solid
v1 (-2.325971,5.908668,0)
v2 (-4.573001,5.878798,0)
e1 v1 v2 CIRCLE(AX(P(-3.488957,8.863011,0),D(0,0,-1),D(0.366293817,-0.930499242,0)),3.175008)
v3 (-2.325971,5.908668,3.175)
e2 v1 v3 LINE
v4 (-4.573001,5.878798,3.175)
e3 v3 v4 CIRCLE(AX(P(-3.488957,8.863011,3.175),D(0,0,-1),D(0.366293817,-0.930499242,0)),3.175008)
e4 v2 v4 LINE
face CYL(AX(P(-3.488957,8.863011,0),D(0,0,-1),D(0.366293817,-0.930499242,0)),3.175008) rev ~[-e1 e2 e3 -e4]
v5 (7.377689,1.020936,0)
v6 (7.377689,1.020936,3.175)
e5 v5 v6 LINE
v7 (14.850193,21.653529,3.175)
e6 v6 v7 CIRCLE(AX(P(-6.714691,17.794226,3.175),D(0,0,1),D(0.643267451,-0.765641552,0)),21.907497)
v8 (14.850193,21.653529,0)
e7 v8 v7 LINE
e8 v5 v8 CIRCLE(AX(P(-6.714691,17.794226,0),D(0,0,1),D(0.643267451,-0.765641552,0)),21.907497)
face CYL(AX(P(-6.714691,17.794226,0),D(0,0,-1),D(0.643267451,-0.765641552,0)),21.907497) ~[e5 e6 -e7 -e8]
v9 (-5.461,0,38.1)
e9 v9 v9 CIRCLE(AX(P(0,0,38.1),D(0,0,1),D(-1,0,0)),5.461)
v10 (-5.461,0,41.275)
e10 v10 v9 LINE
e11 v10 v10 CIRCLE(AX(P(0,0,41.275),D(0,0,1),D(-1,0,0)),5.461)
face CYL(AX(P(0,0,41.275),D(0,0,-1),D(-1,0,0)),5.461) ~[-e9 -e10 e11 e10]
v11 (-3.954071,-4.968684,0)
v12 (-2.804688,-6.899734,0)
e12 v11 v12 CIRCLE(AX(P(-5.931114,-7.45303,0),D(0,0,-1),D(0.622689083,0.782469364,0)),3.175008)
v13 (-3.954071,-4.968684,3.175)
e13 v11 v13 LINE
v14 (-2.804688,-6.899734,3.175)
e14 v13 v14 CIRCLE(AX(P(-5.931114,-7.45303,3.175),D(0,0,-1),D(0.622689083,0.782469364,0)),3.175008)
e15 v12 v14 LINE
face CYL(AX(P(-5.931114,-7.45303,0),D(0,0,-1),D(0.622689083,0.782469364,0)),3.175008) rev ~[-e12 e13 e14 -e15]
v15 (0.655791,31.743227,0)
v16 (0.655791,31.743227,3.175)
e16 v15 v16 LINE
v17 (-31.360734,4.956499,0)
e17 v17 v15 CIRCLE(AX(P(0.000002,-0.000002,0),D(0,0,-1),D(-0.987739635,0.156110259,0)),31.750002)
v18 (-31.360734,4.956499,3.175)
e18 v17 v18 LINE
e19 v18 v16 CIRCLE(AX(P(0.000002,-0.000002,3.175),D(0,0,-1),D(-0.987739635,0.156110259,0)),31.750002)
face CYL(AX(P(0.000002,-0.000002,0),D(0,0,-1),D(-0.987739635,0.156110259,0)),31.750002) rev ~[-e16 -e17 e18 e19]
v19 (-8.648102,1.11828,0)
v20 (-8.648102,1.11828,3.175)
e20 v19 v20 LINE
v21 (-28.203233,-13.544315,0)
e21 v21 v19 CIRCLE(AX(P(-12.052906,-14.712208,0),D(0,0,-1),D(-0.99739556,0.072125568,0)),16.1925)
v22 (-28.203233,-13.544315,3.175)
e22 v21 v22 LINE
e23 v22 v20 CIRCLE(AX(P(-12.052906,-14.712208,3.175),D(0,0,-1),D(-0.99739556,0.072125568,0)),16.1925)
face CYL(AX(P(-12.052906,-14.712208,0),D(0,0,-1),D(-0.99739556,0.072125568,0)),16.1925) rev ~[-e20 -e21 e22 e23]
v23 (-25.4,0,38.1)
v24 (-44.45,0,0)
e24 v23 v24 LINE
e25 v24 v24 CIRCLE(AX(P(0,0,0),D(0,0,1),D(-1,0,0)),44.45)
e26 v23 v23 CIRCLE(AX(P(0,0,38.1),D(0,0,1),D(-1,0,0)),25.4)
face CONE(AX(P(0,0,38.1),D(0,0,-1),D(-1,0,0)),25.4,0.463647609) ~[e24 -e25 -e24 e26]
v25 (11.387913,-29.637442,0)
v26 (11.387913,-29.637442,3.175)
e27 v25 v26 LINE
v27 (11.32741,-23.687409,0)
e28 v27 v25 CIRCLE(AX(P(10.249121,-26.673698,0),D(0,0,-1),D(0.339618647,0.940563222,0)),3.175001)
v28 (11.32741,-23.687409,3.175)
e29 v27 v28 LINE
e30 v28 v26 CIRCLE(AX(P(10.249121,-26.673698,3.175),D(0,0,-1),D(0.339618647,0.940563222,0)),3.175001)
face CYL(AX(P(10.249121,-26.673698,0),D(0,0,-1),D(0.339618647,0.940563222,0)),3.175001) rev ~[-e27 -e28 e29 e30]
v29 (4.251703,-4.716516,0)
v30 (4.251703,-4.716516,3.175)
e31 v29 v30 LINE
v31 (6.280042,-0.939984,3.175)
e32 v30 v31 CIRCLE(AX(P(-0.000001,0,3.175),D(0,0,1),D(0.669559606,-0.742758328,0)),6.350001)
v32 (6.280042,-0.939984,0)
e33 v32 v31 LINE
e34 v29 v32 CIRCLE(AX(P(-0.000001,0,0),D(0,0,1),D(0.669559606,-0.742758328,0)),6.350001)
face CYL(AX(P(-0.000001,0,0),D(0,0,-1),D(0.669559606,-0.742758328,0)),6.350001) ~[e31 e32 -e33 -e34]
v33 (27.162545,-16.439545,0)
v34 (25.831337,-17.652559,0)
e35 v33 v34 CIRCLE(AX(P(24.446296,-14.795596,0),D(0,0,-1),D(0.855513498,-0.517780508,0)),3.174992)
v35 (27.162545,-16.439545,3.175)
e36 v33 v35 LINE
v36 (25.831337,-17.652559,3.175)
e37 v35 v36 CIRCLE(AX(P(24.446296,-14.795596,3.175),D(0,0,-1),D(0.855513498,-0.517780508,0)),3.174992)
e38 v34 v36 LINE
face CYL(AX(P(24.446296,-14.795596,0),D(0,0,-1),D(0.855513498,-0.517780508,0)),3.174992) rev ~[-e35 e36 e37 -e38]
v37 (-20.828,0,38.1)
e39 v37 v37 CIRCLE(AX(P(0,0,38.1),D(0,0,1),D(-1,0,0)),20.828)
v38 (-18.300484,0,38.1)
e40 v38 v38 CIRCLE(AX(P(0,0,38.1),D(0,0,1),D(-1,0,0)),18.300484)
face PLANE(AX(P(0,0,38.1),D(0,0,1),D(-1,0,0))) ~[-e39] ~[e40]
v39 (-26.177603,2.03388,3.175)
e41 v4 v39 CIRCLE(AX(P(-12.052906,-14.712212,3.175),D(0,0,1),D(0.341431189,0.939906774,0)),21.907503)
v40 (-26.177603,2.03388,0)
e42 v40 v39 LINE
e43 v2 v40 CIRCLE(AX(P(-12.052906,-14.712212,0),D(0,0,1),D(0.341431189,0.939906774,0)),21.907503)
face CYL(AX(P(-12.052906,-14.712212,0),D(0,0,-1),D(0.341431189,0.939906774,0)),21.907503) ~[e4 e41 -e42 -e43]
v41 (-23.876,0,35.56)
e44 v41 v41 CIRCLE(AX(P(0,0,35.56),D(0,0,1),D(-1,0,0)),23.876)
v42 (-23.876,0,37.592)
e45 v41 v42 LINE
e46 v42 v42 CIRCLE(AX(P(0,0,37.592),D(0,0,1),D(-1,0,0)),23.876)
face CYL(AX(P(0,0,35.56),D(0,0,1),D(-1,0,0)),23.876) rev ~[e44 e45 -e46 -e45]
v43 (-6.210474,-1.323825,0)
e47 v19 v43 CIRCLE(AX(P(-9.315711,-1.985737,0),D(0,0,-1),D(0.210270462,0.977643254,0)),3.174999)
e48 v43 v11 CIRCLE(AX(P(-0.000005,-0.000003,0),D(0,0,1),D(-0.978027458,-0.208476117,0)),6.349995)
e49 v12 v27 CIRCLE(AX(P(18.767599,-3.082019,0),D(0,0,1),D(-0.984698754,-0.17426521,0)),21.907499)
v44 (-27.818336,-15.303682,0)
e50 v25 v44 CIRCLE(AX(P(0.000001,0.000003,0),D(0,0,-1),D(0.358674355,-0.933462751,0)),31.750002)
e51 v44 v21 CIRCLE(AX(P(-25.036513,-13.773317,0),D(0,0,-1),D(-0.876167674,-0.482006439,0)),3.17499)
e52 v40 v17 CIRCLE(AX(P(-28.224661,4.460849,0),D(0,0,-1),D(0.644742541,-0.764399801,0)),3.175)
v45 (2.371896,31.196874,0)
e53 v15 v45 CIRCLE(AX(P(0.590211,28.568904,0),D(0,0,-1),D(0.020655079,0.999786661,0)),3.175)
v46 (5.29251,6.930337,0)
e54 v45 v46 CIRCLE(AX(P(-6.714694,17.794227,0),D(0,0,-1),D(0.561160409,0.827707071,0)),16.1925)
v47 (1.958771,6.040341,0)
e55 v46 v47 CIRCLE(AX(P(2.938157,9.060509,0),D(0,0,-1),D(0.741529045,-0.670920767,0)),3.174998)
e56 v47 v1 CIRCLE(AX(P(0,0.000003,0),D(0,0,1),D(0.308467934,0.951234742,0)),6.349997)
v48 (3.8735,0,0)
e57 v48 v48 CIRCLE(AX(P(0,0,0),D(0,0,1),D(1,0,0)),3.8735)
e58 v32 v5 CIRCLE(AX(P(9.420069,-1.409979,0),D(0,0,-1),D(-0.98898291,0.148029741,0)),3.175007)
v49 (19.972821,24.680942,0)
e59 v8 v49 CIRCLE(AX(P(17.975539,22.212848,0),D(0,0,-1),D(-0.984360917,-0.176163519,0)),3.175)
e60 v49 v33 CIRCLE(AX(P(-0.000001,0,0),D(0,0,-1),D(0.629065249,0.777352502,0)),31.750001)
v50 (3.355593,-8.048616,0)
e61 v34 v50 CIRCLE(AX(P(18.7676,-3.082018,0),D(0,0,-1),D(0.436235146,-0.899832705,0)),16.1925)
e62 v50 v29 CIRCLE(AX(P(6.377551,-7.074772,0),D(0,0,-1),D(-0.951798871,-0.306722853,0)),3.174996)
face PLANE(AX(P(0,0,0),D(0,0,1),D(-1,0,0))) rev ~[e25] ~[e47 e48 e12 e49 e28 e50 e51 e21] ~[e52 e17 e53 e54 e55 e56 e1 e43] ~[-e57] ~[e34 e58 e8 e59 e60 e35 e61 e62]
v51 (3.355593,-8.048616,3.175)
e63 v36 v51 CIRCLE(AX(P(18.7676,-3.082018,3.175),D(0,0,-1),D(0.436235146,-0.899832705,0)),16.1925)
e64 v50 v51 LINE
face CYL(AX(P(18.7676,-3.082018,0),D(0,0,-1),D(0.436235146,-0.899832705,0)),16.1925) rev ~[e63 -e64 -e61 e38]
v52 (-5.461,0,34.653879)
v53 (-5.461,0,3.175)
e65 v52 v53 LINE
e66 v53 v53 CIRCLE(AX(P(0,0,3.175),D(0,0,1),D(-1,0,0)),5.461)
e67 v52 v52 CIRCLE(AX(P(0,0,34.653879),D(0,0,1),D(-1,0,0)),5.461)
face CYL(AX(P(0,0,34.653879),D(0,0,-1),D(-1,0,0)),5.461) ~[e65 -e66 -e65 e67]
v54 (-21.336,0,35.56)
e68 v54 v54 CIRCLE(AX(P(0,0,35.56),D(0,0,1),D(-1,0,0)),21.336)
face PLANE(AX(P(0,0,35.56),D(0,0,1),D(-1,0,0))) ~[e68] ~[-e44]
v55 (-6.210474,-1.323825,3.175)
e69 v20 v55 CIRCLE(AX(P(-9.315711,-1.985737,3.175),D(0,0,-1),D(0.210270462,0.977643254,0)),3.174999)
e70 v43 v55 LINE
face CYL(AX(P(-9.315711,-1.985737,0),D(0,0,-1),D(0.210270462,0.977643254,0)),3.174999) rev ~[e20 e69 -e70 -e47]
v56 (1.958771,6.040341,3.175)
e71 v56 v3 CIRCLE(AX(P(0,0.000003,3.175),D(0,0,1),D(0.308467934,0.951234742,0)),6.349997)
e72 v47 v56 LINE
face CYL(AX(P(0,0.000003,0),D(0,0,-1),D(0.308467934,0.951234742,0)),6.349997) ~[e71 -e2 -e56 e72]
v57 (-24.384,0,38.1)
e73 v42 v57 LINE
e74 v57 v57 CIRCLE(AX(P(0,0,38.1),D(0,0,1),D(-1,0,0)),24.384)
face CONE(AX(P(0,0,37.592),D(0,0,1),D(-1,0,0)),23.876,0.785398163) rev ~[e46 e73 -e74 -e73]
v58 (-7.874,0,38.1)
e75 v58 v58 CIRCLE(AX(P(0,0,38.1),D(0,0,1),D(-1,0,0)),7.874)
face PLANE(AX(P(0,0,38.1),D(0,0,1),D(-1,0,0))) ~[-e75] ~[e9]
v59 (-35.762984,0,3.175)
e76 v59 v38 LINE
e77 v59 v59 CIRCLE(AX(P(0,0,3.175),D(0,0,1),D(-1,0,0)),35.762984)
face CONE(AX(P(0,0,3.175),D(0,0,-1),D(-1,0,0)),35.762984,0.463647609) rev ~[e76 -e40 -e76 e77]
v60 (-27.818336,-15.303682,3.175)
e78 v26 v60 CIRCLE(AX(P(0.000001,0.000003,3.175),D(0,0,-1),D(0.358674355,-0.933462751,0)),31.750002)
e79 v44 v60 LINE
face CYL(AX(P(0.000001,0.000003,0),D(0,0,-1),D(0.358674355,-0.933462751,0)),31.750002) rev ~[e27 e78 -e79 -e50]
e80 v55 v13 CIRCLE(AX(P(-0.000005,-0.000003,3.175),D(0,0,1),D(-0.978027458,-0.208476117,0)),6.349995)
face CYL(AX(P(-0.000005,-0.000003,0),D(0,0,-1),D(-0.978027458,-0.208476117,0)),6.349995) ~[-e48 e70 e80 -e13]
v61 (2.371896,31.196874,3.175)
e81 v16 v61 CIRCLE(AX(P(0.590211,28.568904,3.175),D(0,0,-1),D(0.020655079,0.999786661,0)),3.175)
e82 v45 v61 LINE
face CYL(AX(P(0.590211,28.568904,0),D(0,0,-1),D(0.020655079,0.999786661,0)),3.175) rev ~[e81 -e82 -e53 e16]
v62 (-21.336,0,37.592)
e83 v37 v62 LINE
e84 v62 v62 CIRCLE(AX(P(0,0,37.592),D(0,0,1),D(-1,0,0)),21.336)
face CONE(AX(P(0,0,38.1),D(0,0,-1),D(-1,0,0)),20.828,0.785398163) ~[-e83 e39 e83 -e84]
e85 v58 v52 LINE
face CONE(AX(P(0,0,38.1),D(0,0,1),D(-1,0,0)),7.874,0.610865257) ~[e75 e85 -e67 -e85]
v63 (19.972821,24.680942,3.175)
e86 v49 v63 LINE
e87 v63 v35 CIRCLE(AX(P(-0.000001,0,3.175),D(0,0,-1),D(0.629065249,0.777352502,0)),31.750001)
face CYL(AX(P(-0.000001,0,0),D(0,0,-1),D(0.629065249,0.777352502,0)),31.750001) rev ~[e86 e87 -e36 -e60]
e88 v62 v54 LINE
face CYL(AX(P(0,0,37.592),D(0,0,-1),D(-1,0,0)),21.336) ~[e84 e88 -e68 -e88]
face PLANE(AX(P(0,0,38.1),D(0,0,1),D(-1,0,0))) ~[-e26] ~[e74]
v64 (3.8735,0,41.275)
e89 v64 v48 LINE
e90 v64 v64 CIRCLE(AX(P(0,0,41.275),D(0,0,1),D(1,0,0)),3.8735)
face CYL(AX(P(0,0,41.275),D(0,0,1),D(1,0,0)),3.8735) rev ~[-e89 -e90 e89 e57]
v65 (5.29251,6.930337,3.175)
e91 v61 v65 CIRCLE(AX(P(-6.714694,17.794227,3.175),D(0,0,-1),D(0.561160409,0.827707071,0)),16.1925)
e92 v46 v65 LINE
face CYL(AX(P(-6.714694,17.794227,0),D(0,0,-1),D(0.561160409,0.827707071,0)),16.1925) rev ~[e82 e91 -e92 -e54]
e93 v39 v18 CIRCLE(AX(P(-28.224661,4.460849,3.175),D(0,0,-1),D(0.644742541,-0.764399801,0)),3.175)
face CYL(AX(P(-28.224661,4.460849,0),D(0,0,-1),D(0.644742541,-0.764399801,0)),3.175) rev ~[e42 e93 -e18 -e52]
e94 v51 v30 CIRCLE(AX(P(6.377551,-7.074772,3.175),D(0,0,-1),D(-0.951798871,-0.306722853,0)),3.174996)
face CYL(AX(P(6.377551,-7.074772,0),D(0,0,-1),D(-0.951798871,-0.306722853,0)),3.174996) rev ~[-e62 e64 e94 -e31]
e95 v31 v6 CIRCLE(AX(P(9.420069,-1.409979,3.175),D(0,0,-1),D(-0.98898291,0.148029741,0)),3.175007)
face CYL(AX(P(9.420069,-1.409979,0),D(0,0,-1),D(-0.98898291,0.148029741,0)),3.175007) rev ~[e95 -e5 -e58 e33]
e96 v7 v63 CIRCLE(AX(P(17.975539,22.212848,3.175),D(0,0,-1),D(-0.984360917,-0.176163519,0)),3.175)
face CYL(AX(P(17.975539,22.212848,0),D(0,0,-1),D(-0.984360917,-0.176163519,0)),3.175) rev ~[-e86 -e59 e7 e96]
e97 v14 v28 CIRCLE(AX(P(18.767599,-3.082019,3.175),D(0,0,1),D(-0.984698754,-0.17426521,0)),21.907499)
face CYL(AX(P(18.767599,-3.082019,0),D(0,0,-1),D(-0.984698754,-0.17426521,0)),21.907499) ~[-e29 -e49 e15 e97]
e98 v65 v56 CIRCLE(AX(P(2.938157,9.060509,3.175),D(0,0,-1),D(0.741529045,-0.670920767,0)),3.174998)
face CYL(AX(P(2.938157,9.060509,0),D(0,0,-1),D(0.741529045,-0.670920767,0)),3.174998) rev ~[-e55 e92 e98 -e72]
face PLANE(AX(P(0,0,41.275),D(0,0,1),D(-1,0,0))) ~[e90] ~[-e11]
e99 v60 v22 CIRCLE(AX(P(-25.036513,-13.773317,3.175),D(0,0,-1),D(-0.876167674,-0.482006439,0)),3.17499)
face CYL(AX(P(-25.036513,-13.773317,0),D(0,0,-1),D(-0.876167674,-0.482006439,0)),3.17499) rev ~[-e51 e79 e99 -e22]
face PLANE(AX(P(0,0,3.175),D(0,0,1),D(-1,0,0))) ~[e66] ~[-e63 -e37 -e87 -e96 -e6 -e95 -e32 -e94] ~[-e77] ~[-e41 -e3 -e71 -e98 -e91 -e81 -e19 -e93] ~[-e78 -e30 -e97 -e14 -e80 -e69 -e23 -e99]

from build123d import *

# Parameters (mm, degrees)
F2_R     = 3.8735
F3_DEPTH = 41.276
F5_DEPTH = 3.175


with BuildPart() as f1:
    # F0 (on Front) → F1 (revolve)
    with BuildSketch(Plane.XZ):
        Polygon((-24.384, 38.1), (-25.4, 38.1), (-44.45, 0), (0, 0), (0, 41.275), (-5.461, 41.275), (-5.461, 38.1), (-7.874, 38.1), (-5.461, 34.653879), (-5.461, 3.175), (-35.762984, 3.175), (-18.300484, 38.1), (-20.828, 38.1), (-21.336, 37.592), (-21.336, 35.56), (-23.876, 35.56), (-23.876, 37.592), align=None)
    revolve(axis=Axis((0, 0, 21.25227), (0, 0, 1)))

    # F2 (on face) → F3 (cut, through all)
    with BuildSketch(Plane.XY.offset(41.275)):
        Circle(F2_R)
    extrude(amount=-F3_DEPTH, mode=Mode.SUBTRACT)

    # F4 (on face) → F5 (cut)
    with BuildSketch(Plane(origin=(0, 0, 0), x_dir=(1, 0, 0), z_dir=(0, 0, -1))):
        with BuildLine():
            ThreePointArc((-6.210474, 1.323825), (-5.399143, 3.342418), (-3.954071, 4.968684))
            ThreePointArc((-3.954071, 4.968684), (-3.20282, 5.829119), (-2.804688, 6.899734))
            ThreePointArc((-2.804688, 6.899734), (2.007902, 17.190565), (11.32741, 23.687409))
            ThreePointArc((11.32741, 23.687409), (13.423957, 26.641414), (11.387913, 29.637442))
            ThreePointArc((11.387913, 29.637442), (-10.902012, 29.819601), (-27.818336, 15.303682))
            ThreePointArc((-27.818336, 15.303682), (-28.138147, 14.451862), (-28.203233, 13.544315))
            ThreePointArc((-28.203233, 13.544315), (-21.766814, 1.757015), (-8.648102, -1.11828))
            ThreePointArc((-8.648102, -1.11828), (-7.068588, -0.257266), (-6.210474, 1.323825))
        make_face()
        with BuildLine():
            ThreePointArc((1.958771, -6.040341), (-0.195047, -6.347004), (-2.325971, -5.908668))
            ThreePointArc((-2.325971, -5.908668), (-3.446755, -5.688283), (-4.573001, -5.878798))
            ThreePointArc((-4.573001, -5.878798), (-15.891416, -6.856388), (-26.177603, -2.03388))
            ThreePointArc((-26.177603, -2.03388), (-29.78412, -1.695219), (-31.360734, -4.956499))
            ThreePointArc((-31.360734, -4.956499), (-20.373526, -24.35122), (0.655791, -31.743227))
            ThreePointArc((0.655791, -31.743227), (1.553394, -31.594281), (2.371896, -31.196874))
            ThreePointArc((2.371896, -31.196874), (9.361787, -19.729122), (5.29251, -6.930337))
            ThreePointArc((5.29251, -6.930337), (3.757093, -5.992944), (1.958771, -6.040341))
        make_face()
        with BuildLine():
            ThreePointArc((4.251703, 4.716516), (5.59419, 3.004586), (6.280042, 0.939984))
            ThreePointArc((6.280042, 0.939984), (6.649575, -0.140836), (7.377689, -1.020936))
            ThreePointArc((7.377689, -1.020936), (13.883515, -10.334176), (14.850193, -21.653529))
            ThreePointArc((14.850193, -21.653529), (16.360163, -24.946195), (19.972821, -24.680942))
            ThreePointArc((19.972821, -24.680942), (31.275538, -5.468381), (27.162545, 16.439545))
            ThreePointArc((27.162545, 16.439545), (26.584753, 17.142419), (25.831337, 17.652559))
            ThreePointArc((25.831337, 17.652559), (12.405027, 17.972106), (3.355593, 8.048616))
            ThreePointArc((3.355593, 8.048616), (3.311495, 6.25021), (4.251703, 4.716516))
        make_face()
    extrude(amount=-F5_DEPTH, mode=Mode.SUBTRACT)


solid = f1.part
